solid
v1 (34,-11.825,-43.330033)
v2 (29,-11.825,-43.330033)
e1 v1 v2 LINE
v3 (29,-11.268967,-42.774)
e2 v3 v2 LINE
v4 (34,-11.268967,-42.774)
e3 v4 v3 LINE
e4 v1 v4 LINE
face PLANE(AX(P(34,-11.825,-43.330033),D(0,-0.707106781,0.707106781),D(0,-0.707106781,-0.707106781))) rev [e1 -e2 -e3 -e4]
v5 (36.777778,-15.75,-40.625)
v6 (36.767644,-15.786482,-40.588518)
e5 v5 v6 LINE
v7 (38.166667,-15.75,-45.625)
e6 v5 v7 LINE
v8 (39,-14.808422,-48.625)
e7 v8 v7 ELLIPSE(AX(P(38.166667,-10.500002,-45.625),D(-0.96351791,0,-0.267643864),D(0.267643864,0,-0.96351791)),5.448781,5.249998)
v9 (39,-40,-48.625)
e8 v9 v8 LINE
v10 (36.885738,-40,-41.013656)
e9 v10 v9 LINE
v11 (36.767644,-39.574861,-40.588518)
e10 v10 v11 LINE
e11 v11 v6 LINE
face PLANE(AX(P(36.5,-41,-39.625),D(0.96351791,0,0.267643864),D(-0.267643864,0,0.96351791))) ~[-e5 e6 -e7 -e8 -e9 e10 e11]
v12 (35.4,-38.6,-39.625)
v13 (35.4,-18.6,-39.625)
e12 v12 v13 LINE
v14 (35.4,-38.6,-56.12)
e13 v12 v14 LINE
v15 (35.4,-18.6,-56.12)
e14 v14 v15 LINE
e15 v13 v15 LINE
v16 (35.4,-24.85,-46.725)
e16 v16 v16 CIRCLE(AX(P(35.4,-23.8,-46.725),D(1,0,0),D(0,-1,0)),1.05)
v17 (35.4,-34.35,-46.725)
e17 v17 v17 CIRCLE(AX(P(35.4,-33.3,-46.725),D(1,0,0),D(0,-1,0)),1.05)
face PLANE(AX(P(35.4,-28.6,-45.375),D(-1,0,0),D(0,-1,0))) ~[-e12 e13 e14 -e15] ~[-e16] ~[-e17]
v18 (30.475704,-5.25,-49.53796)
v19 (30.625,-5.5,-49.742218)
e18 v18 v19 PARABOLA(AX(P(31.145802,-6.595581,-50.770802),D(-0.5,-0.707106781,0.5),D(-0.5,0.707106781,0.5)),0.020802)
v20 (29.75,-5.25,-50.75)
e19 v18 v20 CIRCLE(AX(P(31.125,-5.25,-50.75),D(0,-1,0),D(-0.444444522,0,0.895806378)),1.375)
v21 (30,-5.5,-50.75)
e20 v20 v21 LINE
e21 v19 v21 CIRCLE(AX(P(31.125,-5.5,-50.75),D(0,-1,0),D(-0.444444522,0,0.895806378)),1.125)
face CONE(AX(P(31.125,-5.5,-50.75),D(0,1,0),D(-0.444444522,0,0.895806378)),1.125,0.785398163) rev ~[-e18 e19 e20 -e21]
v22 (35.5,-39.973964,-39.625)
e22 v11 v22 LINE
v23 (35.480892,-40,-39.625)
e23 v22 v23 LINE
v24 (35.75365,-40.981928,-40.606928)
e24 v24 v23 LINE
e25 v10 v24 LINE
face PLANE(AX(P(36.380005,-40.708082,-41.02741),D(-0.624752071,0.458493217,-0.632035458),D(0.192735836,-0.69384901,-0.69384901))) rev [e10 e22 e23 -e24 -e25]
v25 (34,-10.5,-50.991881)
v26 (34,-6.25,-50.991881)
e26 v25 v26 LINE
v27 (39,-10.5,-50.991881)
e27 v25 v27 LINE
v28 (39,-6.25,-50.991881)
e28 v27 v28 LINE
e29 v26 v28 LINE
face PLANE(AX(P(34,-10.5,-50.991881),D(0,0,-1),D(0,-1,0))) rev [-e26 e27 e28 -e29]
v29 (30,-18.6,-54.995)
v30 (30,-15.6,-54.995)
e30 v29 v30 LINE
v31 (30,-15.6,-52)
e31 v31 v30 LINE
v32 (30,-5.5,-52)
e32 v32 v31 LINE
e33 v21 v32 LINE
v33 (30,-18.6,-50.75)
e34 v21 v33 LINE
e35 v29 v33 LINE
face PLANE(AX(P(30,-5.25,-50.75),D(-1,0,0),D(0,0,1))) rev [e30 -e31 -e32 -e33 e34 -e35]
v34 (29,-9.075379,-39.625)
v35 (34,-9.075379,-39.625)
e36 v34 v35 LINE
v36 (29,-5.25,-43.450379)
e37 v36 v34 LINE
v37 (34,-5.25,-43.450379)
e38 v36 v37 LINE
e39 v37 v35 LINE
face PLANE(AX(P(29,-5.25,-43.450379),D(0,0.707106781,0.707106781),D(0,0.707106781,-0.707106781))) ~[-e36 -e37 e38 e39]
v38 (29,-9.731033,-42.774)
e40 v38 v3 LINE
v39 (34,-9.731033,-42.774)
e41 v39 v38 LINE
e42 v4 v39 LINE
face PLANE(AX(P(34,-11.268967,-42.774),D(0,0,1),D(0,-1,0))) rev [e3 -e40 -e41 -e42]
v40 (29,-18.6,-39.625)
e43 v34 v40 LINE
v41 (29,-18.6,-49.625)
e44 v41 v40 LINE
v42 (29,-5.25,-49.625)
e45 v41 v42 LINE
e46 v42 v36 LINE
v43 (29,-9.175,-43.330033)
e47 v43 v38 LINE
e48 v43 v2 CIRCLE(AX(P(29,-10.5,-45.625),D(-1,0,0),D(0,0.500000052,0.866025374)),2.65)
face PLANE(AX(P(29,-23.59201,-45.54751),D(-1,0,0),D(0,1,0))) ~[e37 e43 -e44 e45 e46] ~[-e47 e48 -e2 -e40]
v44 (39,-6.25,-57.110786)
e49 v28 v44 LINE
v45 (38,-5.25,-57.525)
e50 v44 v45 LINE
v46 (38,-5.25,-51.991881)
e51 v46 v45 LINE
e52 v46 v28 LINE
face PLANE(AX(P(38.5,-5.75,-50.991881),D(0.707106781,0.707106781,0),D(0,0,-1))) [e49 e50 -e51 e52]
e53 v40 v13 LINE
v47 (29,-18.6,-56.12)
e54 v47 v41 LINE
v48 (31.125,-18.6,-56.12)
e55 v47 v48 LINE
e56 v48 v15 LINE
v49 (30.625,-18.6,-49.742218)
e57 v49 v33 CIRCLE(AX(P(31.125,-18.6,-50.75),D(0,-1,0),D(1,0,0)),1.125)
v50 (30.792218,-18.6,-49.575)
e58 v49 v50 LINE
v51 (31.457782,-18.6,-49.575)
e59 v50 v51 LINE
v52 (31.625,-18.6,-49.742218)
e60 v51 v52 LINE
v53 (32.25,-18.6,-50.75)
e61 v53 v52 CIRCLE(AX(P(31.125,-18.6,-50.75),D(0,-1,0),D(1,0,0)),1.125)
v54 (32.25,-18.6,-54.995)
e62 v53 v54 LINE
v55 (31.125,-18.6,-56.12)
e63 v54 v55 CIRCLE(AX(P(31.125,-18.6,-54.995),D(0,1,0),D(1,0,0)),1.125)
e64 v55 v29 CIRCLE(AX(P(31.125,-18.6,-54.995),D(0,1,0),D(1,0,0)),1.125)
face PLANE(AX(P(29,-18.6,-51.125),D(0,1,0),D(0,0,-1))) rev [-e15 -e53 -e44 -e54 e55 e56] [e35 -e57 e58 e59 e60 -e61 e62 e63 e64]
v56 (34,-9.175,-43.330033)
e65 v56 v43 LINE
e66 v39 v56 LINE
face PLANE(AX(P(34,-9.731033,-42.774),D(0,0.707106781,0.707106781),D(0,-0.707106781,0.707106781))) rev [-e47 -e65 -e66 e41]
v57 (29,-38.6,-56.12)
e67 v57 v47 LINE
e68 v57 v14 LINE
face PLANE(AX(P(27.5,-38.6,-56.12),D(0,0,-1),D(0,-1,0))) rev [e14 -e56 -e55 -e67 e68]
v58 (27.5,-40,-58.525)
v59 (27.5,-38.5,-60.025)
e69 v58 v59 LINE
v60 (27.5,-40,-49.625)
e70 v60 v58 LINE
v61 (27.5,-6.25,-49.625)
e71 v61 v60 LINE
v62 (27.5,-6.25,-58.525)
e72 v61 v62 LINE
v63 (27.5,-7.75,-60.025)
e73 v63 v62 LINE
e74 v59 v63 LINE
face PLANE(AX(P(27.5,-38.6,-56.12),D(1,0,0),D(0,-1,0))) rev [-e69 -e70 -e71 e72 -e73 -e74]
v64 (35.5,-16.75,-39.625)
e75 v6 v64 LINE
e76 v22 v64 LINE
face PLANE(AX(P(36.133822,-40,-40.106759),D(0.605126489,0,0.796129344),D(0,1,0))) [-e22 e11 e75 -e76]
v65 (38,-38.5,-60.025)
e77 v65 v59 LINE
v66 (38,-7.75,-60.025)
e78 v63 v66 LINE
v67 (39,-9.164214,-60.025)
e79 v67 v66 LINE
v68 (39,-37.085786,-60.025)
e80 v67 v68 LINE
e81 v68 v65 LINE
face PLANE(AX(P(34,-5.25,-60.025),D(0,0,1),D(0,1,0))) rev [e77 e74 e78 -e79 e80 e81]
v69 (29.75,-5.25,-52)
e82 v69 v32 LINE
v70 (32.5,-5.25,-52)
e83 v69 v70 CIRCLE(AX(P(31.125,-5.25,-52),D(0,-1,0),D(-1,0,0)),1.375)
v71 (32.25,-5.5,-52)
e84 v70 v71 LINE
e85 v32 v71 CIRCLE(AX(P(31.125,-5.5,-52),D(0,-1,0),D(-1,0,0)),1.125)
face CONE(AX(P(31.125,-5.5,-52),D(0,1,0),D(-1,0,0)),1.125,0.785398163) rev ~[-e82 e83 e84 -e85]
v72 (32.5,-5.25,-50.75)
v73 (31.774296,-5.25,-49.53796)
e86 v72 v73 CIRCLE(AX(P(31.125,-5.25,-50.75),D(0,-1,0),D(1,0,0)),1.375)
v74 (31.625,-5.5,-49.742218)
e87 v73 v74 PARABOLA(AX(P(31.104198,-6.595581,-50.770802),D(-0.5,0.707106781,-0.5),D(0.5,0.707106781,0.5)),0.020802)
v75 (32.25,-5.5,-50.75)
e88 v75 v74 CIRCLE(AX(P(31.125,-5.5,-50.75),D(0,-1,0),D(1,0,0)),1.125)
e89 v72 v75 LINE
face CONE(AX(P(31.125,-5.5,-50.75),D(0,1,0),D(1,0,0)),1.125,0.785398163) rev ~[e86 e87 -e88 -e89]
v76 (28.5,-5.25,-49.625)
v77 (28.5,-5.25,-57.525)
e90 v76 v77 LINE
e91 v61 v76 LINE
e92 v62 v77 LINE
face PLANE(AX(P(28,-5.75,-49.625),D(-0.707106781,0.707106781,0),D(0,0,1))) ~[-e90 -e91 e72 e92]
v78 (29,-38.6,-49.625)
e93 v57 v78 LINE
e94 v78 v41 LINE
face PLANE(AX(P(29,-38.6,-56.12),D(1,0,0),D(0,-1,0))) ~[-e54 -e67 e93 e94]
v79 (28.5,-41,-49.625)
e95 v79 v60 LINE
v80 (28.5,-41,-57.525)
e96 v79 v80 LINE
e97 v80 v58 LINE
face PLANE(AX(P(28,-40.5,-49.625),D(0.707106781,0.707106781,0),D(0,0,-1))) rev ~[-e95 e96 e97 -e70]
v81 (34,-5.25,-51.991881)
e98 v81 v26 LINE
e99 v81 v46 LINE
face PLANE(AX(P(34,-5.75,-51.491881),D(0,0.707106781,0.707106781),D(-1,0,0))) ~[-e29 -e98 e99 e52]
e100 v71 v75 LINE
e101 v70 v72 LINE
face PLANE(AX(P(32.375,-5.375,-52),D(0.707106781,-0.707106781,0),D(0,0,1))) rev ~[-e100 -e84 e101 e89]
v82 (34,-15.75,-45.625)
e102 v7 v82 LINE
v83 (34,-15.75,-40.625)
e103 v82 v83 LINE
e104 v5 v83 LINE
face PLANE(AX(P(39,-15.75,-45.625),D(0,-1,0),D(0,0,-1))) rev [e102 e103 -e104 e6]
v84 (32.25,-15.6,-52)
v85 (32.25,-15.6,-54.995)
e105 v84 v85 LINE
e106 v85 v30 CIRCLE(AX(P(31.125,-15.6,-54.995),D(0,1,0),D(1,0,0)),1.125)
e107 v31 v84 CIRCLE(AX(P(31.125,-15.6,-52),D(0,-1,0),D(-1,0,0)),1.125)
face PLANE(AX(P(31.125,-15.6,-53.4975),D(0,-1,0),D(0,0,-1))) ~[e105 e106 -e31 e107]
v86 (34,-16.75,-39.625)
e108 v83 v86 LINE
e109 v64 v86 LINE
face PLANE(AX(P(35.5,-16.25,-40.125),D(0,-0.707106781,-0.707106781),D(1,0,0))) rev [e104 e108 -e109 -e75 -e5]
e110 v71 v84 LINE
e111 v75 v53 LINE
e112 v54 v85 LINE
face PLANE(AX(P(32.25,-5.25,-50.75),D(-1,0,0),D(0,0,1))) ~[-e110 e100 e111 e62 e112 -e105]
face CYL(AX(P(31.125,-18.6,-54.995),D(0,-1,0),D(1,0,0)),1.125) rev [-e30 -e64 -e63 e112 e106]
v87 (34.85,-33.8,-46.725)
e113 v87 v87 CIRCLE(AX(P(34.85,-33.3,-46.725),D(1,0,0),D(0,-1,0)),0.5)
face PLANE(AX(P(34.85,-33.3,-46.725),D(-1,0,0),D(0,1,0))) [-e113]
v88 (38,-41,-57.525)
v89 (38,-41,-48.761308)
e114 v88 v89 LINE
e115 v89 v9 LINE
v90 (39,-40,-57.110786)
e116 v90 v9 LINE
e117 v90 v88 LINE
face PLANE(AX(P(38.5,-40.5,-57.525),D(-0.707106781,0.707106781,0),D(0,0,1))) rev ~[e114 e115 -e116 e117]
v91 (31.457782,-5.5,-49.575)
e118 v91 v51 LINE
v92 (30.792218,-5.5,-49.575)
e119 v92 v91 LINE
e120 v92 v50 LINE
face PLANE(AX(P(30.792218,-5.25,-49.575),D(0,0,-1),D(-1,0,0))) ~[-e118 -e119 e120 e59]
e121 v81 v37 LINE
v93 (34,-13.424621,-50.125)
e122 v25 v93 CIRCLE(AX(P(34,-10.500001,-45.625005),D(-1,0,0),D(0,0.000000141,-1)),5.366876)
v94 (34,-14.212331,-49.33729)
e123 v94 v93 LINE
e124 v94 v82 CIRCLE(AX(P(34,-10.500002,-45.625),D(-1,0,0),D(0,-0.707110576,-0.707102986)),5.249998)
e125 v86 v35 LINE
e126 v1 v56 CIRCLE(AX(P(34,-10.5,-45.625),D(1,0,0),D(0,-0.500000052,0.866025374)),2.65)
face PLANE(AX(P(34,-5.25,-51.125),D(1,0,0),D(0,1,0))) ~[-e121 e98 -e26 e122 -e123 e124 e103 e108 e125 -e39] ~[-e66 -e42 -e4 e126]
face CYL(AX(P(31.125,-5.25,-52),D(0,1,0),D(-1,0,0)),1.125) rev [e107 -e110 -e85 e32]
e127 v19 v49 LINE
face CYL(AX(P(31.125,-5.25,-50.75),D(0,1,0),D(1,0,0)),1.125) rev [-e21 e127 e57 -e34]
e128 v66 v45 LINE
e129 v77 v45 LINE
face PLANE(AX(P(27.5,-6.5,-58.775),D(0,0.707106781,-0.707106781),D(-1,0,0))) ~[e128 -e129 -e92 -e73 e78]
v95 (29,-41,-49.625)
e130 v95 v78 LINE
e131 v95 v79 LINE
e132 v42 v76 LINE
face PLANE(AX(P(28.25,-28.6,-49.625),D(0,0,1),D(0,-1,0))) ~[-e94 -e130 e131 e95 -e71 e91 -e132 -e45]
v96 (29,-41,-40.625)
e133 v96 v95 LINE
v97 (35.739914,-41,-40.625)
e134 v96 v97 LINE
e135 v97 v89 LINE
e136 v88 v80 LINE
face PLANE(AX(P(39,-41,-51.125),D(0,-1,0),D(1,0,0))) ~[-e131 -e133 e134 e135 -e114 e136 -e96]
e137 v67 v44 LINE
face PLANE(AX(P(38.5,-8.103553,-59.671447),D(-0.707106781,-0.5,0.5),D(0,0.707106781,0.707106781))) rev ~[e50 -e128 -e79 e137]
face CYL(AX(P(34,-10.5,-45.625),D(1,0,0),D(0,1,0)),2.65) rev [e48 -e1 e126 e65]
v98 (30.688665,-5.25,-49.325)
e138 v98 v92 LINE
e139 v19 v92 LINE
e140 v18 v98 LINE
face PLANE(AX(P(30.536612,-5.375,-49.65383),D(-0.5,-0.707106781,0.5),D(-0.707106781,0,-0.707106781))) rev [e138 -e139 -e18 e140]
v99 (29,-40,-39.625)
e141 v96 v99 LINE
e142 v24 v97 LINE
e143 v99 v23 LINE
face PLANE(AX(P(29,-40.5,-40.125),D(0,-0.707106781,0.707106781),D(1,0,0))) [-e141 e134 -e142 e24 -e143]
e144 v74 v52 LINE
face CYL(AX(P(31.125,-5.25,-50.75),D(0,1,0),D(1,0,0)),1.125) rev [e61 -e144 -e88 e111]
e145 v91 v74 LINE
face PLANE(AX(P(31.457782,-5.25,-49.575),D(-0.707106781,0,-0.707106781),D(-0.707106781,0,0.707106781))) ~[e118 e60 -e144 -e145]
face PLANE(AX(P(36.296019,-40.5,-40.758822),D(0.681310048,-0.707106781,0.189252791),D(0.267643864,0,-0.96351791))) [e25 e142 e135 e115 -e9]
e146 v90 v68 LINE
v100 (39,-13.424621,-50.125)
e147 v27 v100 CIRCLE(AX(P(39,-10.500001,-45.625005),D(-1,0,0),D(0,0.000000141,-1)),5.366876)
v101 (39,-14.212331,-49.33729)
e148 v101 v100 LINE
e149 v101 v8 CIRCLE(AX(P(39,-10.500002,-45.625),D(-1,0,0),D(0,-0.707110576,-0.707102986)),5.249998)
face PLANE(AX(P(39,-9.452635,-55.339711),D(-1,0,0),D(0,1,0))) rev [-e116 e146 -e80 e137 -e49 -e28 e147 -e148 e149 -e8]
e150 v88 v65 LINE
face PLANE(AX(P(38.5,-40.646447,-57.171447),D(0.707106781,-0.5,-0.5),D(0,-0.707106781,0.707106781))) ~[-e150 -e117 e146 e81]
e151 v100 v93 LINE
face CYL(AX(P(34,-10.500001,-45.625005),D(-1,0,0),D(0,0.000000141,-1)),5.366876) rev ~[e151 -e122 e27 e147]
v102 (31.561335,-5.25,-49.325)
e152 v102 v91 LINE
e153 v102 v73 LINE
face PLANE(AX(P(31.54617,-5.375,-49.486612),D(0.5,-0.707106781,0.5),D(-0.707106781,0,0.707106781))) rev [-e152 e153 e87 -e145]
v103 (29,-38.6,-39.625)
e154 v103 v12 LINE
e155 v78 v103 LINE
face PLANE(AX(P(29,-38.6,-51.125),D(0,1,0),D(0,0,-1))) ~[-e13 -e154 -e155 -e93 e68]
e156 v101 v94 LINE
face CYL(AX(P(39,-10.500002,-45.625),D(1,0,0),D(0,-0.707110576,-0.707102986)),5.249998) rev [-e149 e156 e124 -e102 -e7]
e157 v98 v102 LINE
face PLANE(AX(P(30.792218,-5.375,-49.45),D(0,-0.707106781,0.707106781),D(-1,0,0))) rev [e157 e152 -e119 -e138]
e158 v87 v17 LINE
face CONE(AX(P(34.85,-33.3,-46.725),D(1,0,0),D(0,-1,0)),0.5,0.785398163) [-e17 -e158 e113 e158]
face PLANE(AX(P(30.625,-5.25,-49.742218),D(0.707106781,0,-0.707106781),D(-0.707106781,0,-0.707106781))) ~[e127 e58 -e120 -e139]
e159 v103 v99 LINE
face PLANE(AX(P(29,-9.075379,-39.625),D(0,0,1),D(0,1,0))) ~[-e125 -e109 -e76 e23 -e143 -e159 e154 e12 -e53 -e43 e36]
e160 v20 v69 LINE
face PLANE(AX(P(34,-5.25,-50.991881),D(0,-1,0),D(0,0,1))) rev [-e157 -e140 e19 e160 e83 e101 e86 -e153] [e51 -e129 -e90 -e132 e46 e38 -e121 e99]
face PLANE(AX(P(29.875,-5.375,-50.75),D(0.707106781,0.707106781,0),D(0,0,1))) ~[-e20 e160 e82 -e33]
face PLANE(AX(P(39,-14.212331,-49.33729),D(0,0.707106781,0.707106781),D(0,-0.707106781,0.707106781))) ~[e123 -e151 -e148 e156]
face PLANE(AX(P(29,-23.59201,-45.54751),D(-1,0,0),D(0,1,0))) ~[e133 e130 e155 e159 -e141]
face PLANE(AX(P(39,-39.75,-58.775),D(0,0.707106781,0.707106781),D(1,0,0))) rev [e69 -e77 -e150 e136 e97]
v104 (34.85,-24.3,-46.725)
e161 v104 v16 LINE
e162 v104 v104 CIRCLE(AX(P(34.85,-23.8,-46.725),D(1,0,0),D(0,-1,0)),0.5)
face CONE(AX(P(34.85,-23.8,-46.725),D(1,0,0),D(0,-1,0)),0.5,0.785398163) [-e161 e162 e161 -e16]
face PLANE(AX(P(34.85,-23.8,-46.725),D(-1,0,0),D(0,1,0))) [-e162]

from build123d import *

# Parameters (mm, degrees)
PAD003_DEPTH        = 10
POCKET004_DEPTH     = 5
SKETCH009_R         = 2.65
POCKET005_DEPTH     = 5.001
POCKET006_DEPTH     = 5.001
SKETCH011_W         = 20
SKETCH011_H         = 11.5
POCKET007_DEPTH     = 6.4
LINEARPATTERN_COUNT = 2
LINEARPATTERN_PITCH = 9.5
SKETCH013_W         = 35.75
SKETCH013_H         = 1.5
PAD004_DEPTH        = 1.5
POCKET008_DEPTH     = 35.751
PAD009_DEPTH        = 8.9
SKETCH024_W         = 20
SKETCH024_H         = 6.495
POCKET013_DEPTH     = 7.9
PAD010_DEPTH        = 5
POCKET014_DEPTH     = 13.35
POCKET015_DEPTH     = 3
POCKET016_DEPTH     = 33.35
SKETCH029_W         = 20
SKETCH029_H         = 1.5
PAD011_DEPTH        = 6.495
CHAMFER_SIZE        = 2.5
CHAMFER014_SIZE     = 1
CHAMFER015_SIZE     = 1
CHAMFER016_SIZE     = 1
CHAMFER017_SIZE     = 1
CHAMFER018_SIZE     = 1
CHAMFER020_SIZE     = 0.25


with BuildPart() as z_positive:
    # Sketch007 (on Face1 of ShapeBinder004) → Pad003 (new body)
    with BuildSketch(Plane.YZ.offset(29)):
        Polygon((-41, 51.125), (-5.25, 51.125), (-5.25, 43.450379), (-9.075379, 39.625), (-41, 39.625), align=None)
    extrude(amount=PAD003_DEPTH)

    # Sketch008 (on Face7 of Pad003) → Pocket004 (cut)
    with BuildSketch(Plane.YZ.offset(39)):
        with BuildLine():
            ThreePointArc((-14.212331, 49.33729), (-15.350373, 47.634075), (-15.75, 45.625))
            Line((-15.75, 45.625), (-15.75, 39.625))
            Line((-15.75, 39.625), (-5.25, 39.625))
            Line((-5.25, 39.625), (-5.25, 51.125))
            Line((-13.424621, 51.125), (-5.25, 51.125))
            Line((-13.424621, 50.125), (-13.424621, 51.125))
            Line((-14.212331, 49.33729), (-13.424621, 50.125))
        make_face()
    extrude(amount=-POCKET004_DEPTH, mode=Mode.SUBTRACT)

    # Sketch009 (on Face7 of Pocket004) → Pocket005 (cut, through all)
    with BuildSketch(Plane.YZ.offset(34)):
        with Locations((-10.5, 45.625)):
            Circle(SKETCH009_R)
    extrude(amount=-POCKET005_DEPTH, mode=Mode.SUBTRACT)

    # Sketch010 (on Face7 of Pocket005) → Pocket006 (cut, through all)
    with BuildSketch(Plane.YZ.offset(34)):
        Polygon((-11.825, 43.330033), (-11.268967, 42.774), (-9.731033, 42.774), (-9.175, 43.330033), align=None)
    extrude(amount=-POCKET006_DEPTH, mode=Mode.SUBTRACT)

    # Sketch011 (on Face4 of Pocket006) → Pocket007 (cut)
    with BuildSketch(Plane(origin=(29, 0, 0), x_dir=(0, 1, 0), z_dir=(-1, 0, 0))):
        with Locations((-28.6, -45.375)):
            Rectangle(SKETCH011_W, SKETCH011_H)
    extrude(amount=-POCKET007_DEPTH, mode=Mode.SUBTRACT)

    # Sketch012 (on DatumPlane) → Revolution (revolve)
    with BuildSketch(Plane(origin=(0, 0, 46.725), x_dir=(0, -1, 0), z_dir=(0, 0, 1))):
        Polygon((23.8, 35.4), (23.8, 34.85), (24.3, 34.85), (24.85, 35.4), align=None)
    revolution = revolve(axis=Axis((35.4, -23.8, 46.725), (-1, 0, 0)))

    # LinearPattern: Revolution ×2
    with Locations(*[(0, -i * LINEARPATTERN_PITCH, 0) for i in range(1, LINEARPATTERN_COUNT)]):
        add(revolution)

    # Sketch013 (on Face9 of LinearPattern) → Pad004 (join)
    with BuildSketch(Plane(origin=(29, 0, 0), x_dir=(0, 1, 0), z_dir=(-1, 0, 0))):
        with Locations((-23.125, -50.375)):
            Rectangle(SKETCH013_W, SKETCH013_H)
    extrude(amount=PAD004_DEPTH)

    # Sketch014 (on Face25 of Pad004) → Pocket008 (cut, through all)
    with BuildSketch(Plane(origin=(0, -41, 0), x_dir=(0, 0, -1), z_dir=(0, -1, 0))):
        Polygon((-39.625, 36.5), (-48.625, 39), (-39.625, 39), align=None)
    extrude(amount=-POCKET008_DEPTH, mode=Mode.SUBTRACT)

    # Sketch023 (on Face13 of Pocket008) → Pad009 (join)
    with BuildSketch(Plane(origin=(0, 0, 51.125), x_dir=(0, -1, 0), z_dir=(0, 0, 1))):
        Polygon((5.25, 34), (13.424621, 34), (13.424621, 39), (41, 39), (41, 27.5), (5.25, 27.5), align=None)
    extrude(amount=PAD009_DEPTH)

    # Sketch024 (on Face29 of Pad009) → Pocket013 (cut)
    with BuildSketch(Plane(origin=(27.5, 0, 0), x_dir=(0, 1, 0), z_dir=(-1, 0, 0))):
        with Locations((-28.6, -52.8725)):
            Rectangle(SKETCH024_W, SKETCH024_H)
    extrude(amount=-POCKET013_DEPTH, mode=Mode.SUBTRACT)

    # Sketch025 (on Face23 of Pad009) → Pad010 (join)
    with BuildSketch(Plane.YZ.offset(34)):
        with BuildLine():
            ThreePointArc((-10.5, 50.991881), (-12.025196, 50.770599), (-13.424621, 50.125))
            Line((-13.424621, 60.025), (-13.424621, 50.125))
            Line((-5.25, 60.025), (-13.424621, 60.025))
            Line((-5.25, 50.991881), (-5.25, 60.025))
            Line((-10.5, 50.991881), (-5.25, 50.991881))
        make_face()
    extrude(amount=PAD010_DEPTH)

    # Sketch026 (on Face28 of Pad010) → Pocket014 (cut)
    with BuildSketch(Plane.ZX.offset(-5.25)):
        with BuildLine():
            ThreePointArc((50.75, 32.25), (49.625, 31.125), (50.75, 30))
            Line((50.75, 30), (52, 30))
            ThreePointArc((52, 30), (53.125, 31.125), (52, 32.25))
            Line((50.75, 32.25), (52, 32.25))
        make_face()
    extrude(amount=-POCKET014_DEPTH, mode=Mode.SUBTRACT)

    # Sketch027 (on Face5 of Pocket014) → Pocket015 (cut)
    with BuildSketch(Plane(origin=(0, -18.6, 0), x_dir=(0, 0, -1), z_dir=(0, -1, 0))):
        with BuildLine():
            ThreePointArc((-52, 30), (-50.875, 31.125), (-52, 32.25))
            Line((-52, 32.25), (-54.995, 32.25))
            ThreePointArc((-54.995, 32.25), (-56.12, 31.125), (-54.995, 30))
            Line((-52, 30), (-54.995, 30))
        make_face()
    extrude(amount=-POCKET015_DEPTH, mode=Mode.SUBTRACT)

    # Sketch028 (on Face20 of Pocket015) → Pocket016 (cut)
    with BuildSketch(Plane.ZX.offset(-5.25)):
        Polygon((49.742218, 30.625), (49.575, 30.792218), (49.575, 31.457782), (49.742218, 31.625), align=None)
    extrude(amount=-POCKET016_DEPTH, mode=Mode.SUBTRACT)

    # Sketch029 (on Face14 of Pocket016) → Pad011 (join)
    with BuildSketch(Plane.YX.offset(-56.12)):
        with Locations((-28.6, 28.25)):
            Rectangle(SKETCH029_W, SKETCH029_H)
    extrude(amount=PAD011_DEPTH)

    # Chamfer
    chamfer_edges = [z_positive.edges().sort_by_distance(p)[0] for p in [
        (33.25, -41, 60.025),
        (33.25, -5.25, 60.025),
    ]]
    chamfer(chamfer_edges, length=CHAMFER_SIZE)

    # Chamfer014
    chamfer014_edges = [z_positive.edges().sort_by_distance(p)[0] for p in [
        (32.75, -41, 39.625),
    ]]
    chamfer(chamfer014_edges, length=CHAMFER014_SIZE)

    # Chamfer015
    chamfer015_edges = [z_positive.edges().sort_by_distance(p)[0] for p in [
        (39, -39.75, 58.775),
        (39, -41, 53.075),
        (37.888889, -41, 44.625),
        (36.638889, -40.5, 40.125),
        (36.5, -27.875, 39.625),
        (39, -5.25, 54.25844),
        (39, -6.5, 58.775),
    ]]
    chamfer(chamfer015_edges, length=CHAMFER015_SIZE)

    # Chamfer016
    chamfer016_edges = [z_positive.edges().sort_by_distance(p)[0] for p in [
        (27.5, -5.25, 53.575),
        (27.5, -41, 53.575),
    ]]
    chamfer(chamfer016_edges, length=CHAMFER016_SIZE)

    # Chamfer017
    chamfer017_edges = [z_positive.edges().sort_by_distance(p)[0] for p in [
        (36, -5.25, 50.991881),
    ]]
    chamfer(chamfer017_edges, length=CHAMFER017_SIZE)

    # Chamfer018
    chamfer018_edges = [z_positive.edges().sort_by_distance(p)[0] for p in [
        (34.75, -15.75, 39.625),
    ]]
    chamfer(chamfer018_edges, length=CHAMFER018_SIZE)

    # Chamfer020
    chamfer020_edges = [z_positive.edges().sort_by_distance(p)[0] for p in [
        (31.125, -5.25, 53.125),
        (32.25, -5.25, 51.375),
        (32.081066, -5.25, 50.157073),
        (31.541391, -5.25, 49.658609),
        (31.125, -5.25, 49.575),
        (30.708609, -5.25, 49.658609),
        (30.168934, -5.25, 50.157073),
        (30, -5.25, 51.375),
    ]]
    chamfer(chamfer020_edges, length=CHAMFER020_SIZE)


with BuildPart() as z_negative:
    # Part__Mirroring001: instance of z_positive
    add(z_positive.part.mirror(Plane(origin=(0, 0, 0), x_dir=(0, 1, 0), z_dir=(0, 0, 1))))


solid = z_negative.part
